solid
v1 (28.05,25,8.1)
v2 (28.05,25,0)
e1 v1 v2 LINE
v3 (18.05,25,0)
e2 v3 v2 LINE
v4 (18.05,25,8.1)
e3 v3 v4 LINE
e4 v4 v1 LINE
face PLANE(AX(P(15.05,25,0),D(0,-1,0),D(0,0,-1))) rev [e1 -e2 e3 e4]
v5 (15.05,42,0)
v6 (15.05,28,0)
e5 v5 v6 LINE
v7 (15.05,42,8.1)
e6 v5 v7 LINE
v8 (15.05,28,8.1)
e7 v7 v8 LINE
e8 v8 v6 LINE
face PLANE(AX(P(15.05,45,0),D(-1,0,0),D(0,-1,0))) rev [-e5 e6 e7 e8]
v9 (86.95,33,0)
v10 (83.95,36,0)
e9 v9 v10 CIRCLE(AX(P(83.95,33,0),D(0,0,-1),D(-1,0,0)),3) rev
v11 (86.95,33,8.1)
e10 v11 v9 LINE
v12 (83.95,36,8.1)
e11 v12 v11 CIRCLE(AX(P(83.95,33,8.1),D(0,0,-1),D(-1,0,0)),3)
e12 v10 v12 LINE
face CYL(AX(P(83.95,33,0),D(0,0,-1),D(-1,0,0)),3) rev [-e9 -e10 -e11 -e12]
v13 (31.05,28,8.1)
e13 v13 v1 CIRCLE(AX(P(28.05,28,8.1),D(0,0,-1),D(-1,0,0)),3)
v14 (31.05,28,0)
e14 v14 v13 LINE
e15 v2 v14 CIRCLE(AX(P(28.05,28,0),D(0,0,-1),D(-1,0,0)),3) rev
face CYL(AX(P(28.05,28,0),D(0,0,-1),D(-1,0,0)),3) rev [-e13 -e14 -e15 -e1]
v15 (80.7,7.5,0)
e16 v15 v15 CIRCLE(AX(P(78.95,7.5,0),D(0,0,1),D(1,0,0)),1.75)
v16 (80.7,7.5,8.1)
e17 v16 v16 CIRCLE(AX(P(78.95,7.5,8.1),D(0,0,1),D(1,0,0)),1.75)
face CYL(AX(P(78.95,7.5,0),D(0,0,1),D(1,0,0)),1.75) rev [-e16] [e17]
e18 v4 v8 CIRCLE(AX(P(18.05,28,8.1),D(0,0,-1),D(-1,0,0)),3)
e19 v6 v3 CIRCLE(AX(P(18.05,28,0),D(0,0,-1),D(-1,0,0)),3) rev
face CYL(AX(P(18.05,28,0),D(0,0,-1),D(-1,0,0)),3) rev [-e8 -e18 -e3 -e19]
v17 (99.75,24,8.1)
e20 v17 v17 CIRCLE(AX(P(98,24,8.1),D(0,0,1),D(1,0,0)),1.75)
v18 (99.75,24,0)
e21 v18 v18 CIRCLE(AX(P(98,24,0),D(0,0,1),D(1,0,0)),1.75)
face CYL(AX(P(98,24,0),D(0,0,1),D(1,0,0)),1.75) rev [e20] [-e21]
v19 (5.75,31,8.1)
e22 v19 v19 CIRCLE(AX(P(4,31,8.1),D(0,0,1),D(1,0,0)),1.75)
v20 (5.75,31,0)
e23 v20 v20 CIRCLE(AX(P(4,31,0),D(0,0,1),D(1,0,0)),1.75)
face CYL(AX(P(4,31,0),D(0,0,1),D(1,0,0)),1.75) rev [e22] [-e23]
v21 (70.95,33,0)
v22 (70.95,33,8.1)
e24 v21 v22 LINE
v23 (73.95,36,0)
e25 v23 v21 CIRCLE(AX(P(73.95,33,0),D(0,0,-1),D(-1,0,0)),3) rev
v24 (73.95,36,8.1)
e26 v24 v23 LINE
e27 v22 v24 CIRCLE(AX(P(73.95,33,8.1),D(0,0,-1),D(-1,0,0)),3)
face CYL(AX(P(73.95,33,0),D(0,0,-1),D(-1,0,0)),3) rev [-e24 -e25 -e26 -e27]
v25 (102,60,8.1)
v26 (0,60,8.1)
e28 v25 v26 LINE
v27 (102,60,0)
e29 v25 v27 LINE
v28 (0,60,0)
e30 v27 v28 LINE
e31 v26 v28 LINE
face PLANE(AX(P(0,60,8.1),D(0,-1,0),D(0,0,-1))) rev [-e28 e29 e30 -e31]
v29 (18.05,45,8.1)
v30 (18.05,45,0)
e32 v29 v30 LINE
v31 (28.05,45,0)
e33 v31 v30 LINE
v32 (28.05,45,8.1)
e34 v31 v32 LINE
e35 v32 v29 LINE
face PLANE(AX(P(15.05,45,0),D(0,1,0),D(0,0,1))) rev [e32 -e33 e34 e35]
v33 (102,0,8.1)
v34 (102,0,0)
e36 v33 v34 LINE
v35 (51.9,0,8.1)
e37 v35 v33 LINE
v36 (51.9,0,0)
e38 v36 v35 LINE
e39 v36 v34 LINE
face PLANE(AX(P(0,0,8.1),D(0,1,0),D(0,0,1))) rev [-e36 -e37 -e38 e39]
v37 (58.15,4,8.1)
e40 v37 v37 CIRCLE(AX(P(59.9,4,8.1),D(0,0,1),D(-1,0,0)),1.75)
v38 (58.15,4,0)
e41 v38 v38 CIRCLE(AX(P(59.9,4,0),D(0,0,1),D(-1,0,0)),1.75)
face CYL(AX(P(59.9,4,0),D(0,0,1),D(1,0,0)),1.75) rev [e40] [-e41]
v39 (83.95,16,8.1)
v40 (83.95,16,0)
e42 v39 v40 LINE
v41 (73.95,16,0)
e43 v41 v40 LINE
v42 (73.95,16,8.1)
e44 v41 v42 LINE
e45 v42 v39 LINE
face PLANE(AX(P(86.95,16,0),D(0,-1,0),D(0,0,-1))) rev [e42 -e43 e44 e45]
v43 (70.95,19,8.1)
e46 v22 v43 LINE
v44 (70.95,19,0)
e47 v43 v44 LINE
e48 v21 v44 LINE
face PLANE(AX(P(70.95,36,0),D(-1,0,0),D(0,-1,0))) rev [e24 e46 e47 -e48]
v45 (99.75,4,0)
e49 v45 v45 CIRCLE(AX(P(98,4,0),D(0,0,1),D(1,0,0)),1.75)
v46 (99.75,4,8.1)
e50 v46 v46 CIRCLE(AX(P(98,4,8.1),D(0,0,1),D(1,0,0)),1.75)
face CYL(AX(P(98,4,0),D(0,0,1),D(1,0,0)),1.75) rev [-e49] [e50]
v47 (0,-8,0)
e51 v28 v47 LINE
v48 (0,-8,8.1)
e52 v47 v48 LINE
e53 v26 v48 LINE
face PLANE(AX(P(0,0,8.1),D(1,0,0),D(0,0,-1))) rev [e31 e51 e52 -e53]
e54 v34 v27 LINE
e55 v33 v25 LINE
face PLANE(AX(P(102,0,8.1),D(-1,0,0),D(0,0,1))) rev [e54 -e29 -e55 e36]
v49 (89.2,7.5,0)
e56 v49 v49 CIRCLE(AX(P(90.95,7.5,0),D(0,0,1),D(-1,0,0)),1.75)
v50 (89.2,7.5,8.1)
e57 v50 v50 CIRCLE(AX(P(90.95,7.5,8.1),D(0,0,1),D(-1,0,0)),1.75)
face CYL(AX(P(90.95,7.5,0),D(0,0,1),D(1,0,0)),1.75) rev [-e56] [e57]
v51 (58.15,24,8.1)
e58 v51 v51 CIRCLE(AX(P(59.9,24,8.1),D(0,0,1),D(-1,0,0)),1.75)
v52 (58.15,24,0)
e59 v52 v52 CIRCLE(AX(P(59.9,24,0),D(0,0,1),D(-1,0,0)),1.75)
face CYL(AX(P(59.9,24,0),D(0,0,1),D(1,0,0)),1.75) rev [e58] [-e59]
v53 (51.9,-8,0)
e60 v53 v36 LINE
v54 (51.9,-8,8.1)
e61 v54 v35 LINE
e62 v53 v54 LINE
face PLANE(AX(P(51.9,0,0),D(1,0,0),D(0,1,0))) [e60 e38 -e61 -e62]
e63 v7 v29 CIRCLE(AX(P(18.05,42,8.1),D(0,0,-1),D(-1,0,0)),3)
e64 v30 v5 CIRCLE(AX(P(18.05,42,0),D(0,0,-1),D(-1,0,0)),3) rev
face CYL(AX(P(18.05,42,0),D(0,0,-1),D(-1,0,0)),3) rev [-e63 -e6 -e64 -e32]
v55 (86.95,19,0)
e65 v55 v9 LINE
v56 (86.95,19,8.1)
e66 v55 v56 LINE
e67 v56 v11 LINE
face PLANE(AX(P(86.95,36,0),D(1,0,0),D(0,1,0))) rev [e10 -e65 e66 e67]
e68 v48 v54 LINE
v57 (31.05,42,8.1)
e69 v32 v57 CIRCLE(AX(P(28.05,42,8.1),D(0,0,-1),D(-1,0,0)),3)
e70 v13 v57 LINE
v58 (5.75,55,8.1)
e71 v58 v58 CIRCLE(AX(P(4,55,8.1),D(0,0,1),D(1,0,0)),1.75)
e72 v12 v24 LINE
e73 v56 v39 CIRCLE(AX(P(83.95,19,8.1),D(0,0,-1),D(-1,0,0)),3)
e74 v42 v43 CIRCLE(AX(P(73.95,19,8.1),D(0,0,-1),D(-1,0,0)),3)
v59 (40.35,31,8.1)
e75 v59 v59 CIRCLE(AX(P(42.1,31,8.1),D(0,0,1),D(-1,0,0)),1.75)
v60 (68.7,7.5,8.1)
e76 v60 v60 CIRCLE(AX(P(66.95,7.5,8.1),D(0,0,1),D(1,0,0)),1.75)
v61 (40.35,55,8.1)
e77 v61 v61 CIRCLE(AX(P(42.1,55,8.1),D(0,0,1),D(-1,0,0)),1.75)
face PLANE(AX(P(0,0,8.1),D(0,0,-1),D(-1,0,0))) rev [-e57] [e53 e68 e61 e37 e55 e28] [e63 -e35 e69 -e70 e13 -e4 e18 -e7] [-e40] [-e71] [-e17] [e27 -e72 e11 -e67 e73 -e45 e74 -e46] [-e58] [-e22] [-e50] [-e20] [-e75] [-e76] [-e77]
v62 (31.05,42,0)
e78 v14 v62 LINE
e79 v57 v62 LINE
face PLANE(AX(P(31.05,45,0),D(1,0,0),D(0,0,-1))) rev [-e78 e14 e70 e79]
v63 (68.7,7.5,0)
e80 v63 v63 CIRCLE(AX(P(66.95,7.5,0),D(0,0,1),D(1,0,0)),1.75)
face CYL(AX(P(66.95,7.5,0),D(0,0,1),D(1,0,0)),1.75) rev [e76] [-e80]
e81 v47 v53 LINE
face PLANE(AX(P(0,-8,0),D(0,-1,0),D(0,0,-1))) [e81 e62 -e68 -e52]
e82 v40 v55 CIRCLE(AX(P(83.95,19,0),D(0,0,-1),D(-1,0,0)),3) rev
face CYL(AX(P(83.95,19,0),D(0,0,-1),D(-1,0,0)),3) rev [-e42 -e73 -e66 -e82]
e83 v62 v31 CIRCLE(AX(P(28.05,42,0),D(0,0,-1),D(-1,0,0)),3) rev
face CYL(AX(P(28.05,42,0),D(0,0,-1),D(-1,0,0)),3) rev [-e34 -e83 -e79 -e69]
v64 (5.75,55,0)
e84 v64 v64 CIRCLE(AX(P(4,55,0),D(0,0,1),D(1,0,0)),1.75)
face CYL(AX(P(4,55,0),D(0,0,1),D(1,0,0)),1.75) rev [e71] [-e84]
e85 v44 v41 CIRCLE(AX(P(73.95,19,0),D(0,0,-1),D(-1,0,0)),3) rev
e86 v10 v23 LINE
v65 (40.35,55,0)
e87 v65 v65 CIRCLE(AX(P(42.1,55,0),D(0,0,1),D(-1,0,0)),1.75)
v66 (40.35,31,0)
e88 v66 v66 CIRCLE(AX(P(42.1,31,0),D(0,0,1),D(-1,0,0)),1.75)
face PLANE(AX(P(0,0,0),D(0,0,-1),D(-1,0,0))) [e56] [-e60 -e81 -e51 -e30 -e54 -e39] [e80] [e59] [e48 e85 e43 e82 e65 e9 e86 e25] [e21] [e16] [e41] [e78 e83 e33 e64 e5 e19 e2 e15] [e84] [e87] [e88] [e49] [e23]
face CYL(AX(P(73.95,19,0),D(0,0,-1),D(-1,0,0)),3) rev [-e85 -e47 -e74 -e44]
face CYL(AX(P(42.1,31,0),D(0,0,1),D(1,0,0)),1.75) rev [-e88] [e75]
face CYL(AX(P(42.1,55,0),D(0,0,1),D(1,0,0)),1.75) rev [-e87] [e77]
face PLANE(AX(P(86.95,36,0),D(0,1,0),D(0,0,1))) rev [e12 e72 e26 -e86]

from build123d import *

# Parameters (mm, degrees)
ESQUISSE1_W             = 102
ESQUISSE1_H             = 60
BOSS_EXTRU_1_DEPTH      = 8.1
ESQUISSE2_R             = 1.75
ENL_V_MAT_EXTRU_1_DEPTH = 119.61538686
ESQUISSE5_W             = 51.9
ESQUISSE5_H             = 8
BOSS_EXTRU_2_DEPTH      = 8.1
ESQUISSE6_W             = 16
ESQUISSE6_H             = 20
ENL_V_MAT_EXTRU_2_DEPTH = 119.61538686
CONG_1_R                = 3


with BuildPart() as part:
    # Esquisse1 → Boss.-Extru.1 (new body)
    with BuildSketch(Plane.XY):
        with Locations((51, 30)):
            Rectangle(ESQUISSE1_W, ESQUISSE1_H)
    extrude(amount=BOSS_EXTRU_1_DEPTH)

    # Esquisse2 → Enlèv. mat.-Extru.1 (cut, through all)
    with BuildSketch(Plane.XY.offset(8.1)):
        with Locations((4, 55)):
            Circle(ESQUISSE2_R)
        with Locations((4, 31)):
            Circle(ESQUISSE2_R)
        with Locations((98, 24)):
            Circle(ESQUISSE2_R)
        with Locations((98, 4)):
            Circle(ESQUISSE2_R)
        with Locations(Location((59.9, 4, 0), (0, 0, 180))):
            Circle(ESQUISSE2_R)
        with Locations(Location((59.9, 24, 0), (0, 0, 180))):
            Circle(ESQUISSE2_R)
        with Locations(Location((42.1, 31, 0), (0, 0, 180))):
            Circle(ESQUISSE2_R)
        with Locations(Location((42.1, 55, 0), (0, 0, 180))):
            Circle(ESQUISSE2_R)
        with Locations((66.95, 7.5)):
            Circle(ESQUISSE2_R)
        with Locations((78.95, 7.5)):
            Circle(ESQUISSE2_R)
        with Locations(Location((90.95, 7.5, 0), (0, 0, 180))):
            Circle(ESQUISSE2_R)
    extrude(amount=-ENL_V_MAT_EXTRU_1_DEPTH, mode=Mode.SUBTRACT)

    # Esquisse5 → Boss.-Extru.2 (add)
    with BuildSketch(Plane.XY.offset(8.1)):
        with Locations((25.95, -4)):
            Rectangle(ESQUISSE5_W, ESQUISSE5_H)
    extrude(amount=-BOSS_EXTRU_2_DEPTH)

    # Esquisse6 → Enlèv. mat.-Extru.2 (cut, through all)
    with BuildSketch(Plane.XY.offset(8.1)):
        with Locations((23.05, 35)):
            Rectangle(ESQUISSE6_W, ESQUISSE6_H)
        with Locations((78.95, 26)):
            Rectangle(ESQUISSE6_W, ESQUISSE6_H)
    extrude(amount=-ENL_V_MAT_EXTRU_2_DEPTH, mode=Mode.SUBTRACT)

    # Congé1
    cong_1_edges = [part.edges().sort_by_distance(p)[0] for p in [
        (15.05, 25, 4.05),
        (15.05, 45, 4.05),
        (31.05, 45, 4.05),
        (31.05, 25, 4.05),
        (86.95, 36, 4.05),
        (86.95, 16, 4.05),
        (70.95, 16, 4.05),
        (70.95, 36, 4.05),
    ]]
    fillet(cong_1_edges, radius=CONG_1_R)


solid = part.part
